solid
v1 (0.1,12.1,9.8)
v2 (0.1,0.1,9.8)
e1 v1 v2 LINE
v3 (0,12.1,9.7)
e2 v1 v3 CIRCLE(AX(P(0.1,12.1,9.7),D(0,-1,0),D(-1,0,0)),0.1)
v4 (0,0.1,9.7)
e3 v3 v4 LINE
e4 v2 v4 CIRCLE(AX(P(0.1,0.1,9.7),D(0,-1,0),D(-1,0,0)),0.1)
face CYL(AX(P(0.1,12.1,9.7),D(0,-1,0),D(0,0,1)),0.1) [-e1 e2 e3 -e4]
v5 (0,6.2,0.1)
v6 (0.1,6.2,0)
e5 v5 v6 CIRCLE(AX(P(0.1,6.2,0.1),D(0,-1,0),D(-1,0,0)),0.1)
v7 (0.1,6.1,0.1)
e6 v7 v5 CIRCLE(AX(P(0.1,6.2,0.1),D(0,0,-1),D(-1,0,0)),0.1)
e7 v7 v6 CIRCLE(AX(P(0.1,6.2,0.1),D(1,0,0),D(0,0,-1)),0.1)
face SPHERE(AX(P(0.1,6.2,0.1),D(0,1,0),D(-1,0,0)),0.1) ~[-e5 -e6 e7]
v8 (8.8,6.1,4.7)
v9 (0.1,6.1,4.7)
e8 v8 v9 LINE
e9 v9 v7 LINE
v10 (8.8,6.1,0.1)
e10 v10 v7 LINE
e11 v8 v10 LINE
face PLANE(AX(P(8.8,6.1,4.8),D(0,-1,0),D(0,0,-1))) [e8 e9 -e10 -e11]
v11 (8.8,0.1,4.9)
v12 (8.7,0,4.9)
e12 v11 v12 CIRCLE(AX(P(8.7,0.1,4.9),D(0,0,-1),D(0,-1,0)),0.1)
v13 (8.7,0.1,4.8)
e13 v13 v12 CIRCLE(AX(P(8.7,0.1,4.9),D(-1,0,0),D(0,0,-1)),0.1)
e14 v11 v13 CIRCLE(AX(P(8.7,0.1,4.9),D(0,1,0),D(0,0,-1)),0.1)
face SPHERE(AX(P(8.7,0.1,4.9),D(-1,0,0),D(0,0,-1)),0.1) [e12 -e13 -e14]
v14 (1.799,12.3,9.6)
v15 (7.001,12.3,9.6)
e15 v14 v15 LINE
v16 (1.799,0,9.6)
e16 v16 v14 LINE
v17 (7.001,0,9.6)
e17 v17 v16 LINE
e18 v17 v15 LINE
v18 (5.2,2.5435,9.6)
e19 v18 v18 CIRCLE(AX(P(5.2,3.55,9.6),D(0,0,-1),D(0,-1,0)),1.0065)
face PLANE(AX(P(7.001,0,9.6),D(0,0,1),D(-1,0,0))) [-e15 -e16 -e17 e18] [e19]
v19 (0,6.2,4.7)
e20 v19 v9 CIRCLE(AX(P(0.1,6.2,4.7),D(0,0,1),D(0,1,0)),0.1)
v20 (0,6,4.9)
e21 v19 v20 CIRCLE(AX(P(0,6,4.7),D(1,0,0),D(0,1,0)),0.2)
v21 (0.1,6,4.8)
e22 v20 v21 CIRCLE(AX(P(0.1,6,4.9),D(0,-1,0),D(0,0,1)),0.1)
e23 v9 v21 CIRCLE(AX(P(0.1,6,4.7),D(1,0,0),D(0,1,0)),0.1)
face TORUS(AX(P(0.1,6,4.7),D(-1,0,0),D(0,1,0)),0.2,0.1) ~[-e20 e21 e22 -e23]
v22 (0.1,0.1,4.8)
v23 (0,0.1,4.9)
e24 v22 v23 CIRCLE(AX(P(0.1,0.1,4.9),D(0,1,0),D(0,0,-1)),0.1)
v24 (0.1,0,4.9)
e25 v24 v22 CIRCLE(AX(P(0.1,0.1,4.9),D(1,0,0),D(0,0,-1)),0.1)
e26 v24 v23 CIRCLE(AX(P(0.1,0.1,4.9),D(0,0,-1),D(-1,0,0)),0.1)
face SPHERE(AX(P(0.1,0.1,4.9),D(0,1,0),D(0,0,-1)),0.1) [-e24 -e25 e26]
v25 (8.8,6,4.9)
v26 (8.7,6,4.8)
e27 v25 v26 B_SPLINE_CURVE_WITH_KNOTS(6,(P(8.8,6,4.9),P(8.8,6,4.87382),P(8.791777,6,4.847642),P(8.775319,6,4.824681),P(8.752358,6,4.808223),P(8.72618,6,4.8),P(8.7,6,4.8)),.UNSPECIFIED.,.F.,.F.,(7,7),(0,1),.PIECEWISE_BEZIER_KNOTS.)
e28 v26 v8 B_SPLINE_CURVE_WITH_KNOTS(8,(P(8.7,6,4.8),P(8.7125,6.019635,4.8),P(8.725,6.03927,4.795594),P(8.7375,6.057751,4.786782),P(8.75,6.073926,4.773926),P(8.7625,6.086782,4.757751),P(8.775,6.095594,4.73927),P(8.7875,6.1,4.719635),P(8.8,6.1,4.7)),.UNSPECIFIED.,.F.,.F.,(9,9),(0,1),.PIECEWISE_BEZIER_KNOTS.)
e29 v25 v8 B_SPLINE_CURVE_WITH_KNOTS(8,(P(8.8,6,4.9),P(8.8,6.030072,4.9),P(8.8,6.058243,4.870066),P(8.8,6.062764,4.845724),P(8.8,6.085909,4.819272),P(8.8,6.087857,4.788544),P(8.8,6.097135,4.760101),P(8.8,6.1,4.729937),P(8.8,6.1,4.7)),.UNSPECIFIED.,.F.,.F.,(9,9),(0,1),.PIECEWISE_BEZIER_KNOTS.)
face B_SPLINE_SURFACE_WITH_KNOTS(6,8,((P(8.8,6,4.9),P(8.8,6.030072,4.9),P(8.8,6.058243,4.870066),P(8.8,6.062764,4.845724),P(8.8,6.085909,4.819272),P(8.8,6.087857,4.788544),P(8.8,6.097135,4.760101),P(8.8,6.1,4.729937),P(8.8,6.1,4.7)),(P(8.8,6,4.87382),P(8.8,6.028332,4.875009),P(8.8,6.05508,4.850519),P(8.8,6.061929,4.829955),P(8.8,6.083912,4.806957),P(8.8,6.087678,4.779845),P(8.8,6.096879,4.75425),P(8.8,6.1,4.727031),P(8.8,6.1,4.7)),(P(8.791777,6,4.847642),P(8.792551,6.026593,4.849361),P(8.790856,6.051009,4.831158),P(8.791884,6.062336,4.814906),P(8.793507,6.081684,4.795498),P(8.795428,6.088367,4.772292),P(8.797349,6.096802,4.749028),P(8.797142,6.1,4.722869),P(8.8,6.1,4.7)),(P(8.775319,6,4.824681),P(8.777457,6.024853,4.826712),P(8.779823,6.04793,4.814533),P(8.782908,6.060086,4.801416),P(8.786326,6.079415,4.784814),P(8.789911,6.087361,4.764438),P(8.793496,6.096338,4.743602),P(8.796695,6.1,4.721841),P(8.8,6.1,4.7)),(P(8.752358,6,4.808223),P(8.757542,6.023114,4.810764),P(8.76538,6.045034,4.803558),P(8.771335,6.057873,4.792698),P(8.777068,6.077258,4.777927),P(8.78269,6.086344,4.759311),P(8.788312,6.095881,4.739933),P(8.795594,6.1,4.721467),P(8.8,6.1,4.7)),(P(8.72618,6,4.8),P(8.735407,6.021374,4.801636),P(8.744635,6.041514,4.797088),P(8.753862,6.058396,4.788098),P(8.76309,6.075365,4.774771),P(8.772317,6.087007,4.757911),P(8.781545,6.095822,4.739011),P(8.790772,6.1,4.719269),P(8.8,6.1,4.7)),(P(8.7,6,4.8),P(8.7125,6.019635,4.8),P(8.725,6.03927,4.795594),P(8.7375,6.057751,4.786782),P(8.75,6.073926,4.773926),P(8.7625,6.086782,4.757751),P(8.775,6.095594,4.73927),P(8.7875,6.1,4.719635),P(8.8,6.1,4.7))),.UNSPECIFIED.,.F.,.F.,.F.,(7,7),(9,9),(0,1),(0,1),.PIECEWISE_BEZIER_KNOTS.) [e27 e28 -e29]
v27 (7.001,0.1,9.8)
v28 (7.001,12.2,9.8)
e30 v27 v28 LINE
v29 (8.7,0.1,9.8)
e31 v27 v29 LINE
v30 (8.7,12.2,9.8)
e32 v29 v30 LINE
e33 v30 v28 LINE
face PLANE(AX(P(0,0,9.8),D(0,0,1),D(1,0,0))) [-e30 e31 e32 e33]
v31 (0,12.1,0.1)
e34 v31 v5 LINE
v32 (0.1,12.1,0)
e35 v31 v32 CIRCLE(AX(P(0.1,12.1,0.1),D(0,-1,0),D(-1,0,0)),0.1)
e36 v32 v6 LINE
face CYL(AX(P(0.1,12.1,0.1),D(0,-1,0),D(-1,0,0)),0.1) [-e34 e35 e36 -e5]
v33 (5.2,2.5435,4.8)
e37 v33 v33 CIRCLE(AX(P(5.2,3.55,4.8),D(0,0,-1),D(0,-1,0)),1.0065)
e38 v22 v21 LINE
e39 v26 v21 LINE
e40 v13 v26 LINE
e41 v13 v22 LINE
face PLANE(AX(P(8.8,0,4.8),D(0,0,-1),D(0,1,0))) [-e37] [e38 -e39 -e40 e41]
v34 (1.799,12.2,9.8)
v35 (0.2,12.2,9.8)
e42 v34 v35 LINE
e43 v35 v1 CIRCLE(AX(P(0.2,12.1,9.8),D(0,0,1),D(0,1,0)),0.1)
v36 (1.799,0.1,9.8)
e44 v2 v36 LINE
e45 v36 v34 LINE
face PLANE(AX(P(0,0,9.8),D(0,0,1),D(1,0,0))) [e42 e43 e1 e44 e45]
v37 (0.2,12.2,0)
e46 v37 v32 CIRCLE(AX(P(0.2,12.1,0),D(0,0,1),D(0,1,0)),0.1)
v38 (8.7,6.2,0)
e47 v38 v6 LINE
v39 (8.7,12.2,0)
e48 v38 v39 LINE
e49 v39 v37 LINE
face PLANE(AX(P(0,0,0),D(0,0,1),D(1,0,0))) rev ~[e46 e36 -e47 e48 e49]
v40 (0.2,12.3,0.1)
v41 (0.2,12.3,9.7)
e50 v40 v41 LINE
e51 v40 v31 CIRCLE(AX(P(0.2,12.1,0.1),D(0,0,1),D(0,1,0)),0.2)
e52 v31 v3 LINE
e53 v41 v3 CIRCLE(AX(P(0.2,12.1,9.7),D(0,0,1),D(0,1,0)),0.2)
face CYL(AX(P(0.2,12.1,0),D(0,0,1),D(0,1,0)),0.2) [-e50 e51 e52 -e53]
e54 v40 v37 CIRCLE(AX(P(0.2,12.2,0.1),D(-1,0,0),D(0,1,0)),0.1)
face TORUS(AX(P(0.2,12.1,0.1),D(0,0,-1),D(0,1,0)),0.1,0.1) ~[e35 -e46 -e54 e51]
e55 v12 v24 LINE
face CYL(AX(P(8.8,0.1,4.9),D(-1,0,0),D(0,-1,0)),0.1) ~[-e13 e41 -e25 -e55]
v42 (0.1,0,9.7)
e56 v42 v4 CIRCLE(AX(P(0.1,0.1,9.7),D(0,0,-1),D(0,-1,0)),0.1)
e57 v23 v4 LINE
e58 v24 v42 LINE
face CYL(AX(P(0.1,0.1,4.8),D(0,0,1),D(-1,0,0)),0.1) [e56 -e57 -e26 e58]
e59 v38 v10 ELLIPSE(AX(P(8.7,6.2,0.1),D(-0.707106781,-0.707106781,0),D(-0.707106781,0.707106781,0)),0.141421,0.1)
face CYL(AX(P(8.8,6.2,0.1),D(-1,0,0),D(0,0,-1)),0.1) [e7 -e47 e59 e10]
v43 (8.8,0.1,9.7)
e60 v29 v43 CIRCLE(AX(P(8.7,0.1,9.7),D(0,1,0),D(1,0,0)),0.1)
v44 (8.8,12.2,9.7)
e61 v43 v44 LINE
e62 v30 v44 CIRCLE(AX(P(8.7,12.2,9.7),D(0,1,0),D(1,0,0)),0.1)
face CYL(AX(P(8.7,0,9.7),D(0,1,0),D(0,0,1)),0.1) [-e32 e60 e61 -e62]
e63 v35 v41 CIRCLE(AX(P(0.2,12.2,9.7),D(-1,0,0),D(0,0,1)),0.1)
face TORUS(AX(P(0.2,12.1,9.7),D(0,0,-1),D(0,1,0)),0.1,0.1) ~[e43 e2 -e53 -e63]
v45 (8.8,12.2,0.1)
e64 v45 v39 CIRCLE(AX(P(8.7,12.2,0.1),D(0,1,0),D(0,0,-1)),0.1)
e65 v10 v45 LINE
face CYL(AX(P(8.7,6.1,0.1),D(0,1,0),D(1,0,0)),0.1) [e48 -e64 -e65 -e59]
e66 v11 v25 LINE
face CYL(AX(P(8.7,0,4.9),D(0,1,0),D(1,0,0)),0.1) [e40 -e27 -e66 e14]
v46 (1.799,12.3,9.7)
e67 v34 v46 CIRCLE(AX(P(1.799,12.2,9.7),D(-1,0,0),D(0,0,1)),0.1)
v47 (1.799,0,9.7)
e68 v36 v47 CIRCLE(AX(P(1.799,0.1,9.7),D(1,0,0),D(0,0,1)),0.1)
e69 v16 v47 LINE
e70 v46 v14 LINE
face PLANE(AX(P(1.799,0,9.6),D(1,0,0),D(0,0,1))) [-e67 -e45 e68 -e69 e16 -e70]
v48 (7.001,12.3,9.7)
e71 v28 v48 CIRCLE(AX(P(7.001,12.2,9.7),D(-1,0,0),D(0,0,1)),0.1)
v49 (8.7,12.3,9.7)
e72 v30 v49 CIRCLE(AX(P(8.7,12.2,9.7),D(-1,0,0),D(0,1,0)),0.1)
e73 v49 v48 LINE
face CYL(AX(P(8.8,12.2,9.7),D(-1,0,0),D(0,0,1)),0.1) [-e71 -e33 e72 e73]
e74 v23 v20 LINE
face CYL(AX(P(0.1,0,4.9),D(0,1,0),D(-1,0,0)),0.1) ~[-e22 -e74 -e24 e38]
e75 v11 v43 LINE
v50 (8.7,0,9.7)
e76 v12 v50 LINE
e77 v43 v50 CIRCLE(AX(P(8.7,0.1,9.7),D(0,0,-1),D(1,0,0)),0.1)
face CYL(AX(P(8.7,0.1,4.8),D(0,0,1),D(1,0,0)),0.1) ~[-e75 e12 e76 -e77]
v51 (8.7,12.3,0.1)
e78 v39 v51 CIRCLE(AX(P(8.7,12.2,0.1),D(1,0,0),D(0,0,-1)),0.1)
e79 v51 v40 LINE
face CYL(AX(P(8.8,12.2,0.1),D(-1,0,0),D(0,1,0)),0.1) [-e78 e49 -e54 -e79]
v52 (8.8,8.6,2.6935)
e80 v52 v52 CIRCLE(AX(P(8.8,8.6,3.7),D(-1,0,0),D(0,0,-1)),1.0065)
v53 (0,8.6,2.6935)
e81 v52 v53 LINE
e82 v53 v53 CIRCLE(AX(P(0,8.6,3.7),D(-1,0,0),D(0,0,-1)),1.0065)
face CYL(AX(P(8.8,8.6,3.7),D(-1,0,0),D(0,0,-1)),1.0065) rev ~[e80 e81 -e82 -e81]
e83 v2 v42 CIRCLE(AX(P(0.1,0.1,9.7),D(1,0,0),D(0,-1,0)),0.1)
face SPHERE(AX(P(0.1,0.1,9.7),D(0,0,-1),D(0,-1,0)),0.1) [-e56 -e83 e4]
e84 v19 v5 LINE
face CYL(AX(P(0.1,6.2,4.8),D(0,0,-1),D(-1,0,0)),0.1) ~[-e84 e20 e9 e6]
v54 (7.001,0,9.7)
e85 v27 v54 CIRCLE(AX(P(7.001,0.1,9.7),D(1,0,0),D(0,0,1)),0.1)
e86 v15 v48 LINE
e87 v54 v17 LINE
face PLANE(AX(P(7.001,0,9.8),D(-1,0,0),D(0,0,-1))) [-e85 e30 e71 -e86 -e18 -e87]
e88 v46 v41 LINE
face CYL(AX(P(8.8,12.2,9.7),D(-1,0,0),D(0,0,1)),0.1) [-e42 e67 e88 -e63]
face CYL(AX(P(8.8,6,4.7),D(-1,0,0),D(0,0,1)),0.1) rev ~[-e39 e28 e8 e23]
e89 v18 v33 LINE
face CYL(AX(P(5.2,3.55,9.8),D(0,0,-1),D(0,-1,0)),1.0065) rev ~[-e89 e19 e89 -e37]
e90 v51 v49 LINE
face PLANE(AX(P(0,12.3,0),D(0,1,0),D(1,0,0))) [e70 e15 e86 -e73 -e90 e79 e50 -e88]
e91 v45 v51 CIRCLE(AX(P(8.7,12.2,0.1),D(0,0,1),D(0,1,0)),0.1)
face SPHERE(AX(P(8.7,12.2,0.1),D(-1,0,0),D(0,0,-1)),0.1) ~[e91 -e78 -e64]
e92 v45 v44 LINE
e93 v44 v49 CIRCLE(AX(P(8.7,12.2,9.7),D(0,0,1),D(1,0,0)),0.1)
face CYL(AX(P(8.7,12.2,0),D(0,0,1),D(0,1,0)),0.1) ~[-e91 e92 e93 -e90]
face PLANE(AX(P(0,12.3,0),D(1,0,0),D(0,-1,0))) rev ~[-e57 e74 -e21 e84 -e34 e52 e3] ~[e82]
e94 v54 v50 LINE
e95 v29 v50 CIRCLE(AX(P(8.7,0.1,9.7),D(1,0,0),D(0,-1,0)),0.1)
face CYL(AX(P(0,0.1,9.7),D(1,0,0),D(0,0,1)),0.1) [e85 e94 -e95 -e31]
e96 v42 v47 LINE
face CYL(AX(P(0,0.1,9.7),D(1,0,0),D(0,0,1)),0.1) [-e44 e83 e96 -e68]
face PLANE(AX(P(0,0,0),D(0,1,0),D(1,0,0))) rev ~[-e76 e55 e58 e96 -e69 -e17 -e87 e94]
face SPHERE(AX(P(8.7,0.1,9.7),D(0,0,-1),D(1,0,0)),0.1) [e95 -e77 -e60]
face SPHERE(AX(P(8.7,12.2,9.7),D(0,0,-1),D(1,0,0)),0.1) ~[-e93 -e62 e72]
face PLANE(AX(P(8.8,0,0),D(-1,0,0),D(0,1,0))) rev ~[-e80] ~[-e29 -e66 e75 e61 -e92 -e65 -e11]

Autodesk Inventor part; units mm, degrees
ref_plane "YZ Plane" through (0, 0, 0) normal (1, 0, 0) x (0, 1, 0)
ref_plane "XZ Plane" through (0, 0, 0) normal (0, 1, 0) x (-1, 0, 0)
ref_plane "XY Plane" through (0, 0, 0) normal (0, 0, 1) x (1, 0, 0)
sketch "Skizze1" plane through (0, 0, 0) normal (0, 0, 1) x (1, 0, 0)
  line L0 (0, 12.3) -> (8.8, 12.3)
  line L1 (0, 12.3) -> (0, 0)
  line L2 (0, 0) -> (8.8, 0)
  line L3 (8.8, 0) -> (8.8, 12.3)
  circle A0 centre (5.18, 3.55) radius 1.25
  circle A1 centre (5.18, 3.55) radius 1.25
  line L4 (0, 12.3) -> (8.8, 12.3)
  line L5 (8.8, 12.3) -> (8.8, 0)
  line L6 (8.8, 0) -> (0, 0)
  line L7 (0, 0) -> (0, 12.3)
  dimension "d35" = 8.8
  dimension "d36" = 5.18
extrude "Extrusion1" add sketch "Skizze1" along normal blind 9.8
sketch "Skizze2" plane through (8.8, 0, 0) normal (1, 0, 0) x (0, 0, -1)
  line L0 (0, 0) -> (-9.8, 0) projected
  line L1 (0, 0) -> (0, 12.3) projected
  line L2 (0, 12.3) -> (-9.8, 12.3) projected
  line L3 (-4.8, 6.1) -> (0, 6.1)
  line L4 (0, 6.1) -> (0, 0)
  line L5 (0, 0) -> (-4.8, 0)
  line L6 (-4.8, 0) -> (-4.8, 6.1)
  dimension "d2" = 6.2
  dimension "d3" = 4.8
  dimension "d4" = 6.1
extrude "Extrusion2" cut sketch "Skizze2" against normal blind 9.8
sketch "Skizze3" plane through (8.8, 0, 9.8) normal (1, 0, 0) x (0, 0, -1)
  line L0 (9.8, 6.1) -> (9.8, 12.3) projected
  line L1 (9.8, 12.3) -> (0, 12.3) projected
  point P0 (9.8, 0)
  point P1 (6.1, 8.6)
  dimension "d7" = 3.7
  dimension "d8" = 3.7
hole "Hole1" at (8.8, 8.6, 3.7) direction (-1, 0, 0) diameter 2.013 end through all thread size "M2.5x0.45" class "6H" standard "ANSI Metric M Profile"
sketch "Skizze4" plane through (0, 0, 9.8) normal (0, 0, 1) x (1, 0, 0)
  circle A0 centre (5.18, 3.55) radius 1.25 projected
  circle A1 centre (5.18, 3.55) radius 1.25
extrude "Extrusion3" add sketch "Skizze4" against normal blind 5
sketch "Skizze5" plane through (0, 0, 9.8) normal (0, 0, 1) x (1, 0, 0)
  line L0 (8.8, 0) -> (0, 0) projected
  line L1 (8.8, 12.3) -> (8.8, 0) projected
  point P0 (5.2, 3.55)
  dimension "d18" = 3.6
  dimension "d19" = 3.55
hole "Hole2" at (5.2, 3.55, 9.8) direction (0, 0, -1) diameter 2.013 depth 8 tip angle 118 thread size "M2.5x0.45" class "6H" standard "ANSI Metric M Profile"
fillet "Rundung1" radius 0.2 1 edges at (0, 12.3, 4.9)
fillet "Rundung2" radius 0.1 18 edges at (0, 9.1, 0) (0.0586, 12.2414, 0) (4.5, 12.3, 0) (0, 6.1, 2.4) (0, 3.05, 4.8) (4.4, 0, 4.8) (4.4, 6.1, 4.8) (4.4, 6.1, 0) (8.8, 9.2, 0) (8.8, 3.05, 4.8) (8.8, 0, 7.3) (0, 0, 7.3) (8.8, 12.3, 4.9) (8.8, 6.15, 9.8) (4.4, 0, 9.8) (0, 6.05, 9.8) (0.0586, 12.2414, 9.8) (4.5, 12.3, 9.8)
sketch "Skizze6" plane through (0.1, 0, 9.7) normal (0, -1, 0) x (1, 0, 0)
  line L0 (8.6, 0.1) -> (0, 0.1) projected
  line L1 (-0.1, 0) -> (-0.1, -4.8) projected
  line L2 (8.7, -4.8) -> (8.7, 0) projected
  line L3 (1.699, 0.1) -> (6.901, 0.1)
  line L4 (6.901, 0.1) -> (6.901, -0.1)
  line L5 (6.901, -0.1) -> (1.699, -0.1)
  line L6 (1.699, -0.1) -> (1.699, 0.1)
  point P0 (-0.1, -9.7)
  dimension "d30" = 0.2
  dimension "d31" = 1.799
  dimension "d32" = 1.799
extrude "Extrusion4" cut sketch "Skizze6" against normal blind 12.5
properties part number "3. Leiterplattenhalter_Rechts"
